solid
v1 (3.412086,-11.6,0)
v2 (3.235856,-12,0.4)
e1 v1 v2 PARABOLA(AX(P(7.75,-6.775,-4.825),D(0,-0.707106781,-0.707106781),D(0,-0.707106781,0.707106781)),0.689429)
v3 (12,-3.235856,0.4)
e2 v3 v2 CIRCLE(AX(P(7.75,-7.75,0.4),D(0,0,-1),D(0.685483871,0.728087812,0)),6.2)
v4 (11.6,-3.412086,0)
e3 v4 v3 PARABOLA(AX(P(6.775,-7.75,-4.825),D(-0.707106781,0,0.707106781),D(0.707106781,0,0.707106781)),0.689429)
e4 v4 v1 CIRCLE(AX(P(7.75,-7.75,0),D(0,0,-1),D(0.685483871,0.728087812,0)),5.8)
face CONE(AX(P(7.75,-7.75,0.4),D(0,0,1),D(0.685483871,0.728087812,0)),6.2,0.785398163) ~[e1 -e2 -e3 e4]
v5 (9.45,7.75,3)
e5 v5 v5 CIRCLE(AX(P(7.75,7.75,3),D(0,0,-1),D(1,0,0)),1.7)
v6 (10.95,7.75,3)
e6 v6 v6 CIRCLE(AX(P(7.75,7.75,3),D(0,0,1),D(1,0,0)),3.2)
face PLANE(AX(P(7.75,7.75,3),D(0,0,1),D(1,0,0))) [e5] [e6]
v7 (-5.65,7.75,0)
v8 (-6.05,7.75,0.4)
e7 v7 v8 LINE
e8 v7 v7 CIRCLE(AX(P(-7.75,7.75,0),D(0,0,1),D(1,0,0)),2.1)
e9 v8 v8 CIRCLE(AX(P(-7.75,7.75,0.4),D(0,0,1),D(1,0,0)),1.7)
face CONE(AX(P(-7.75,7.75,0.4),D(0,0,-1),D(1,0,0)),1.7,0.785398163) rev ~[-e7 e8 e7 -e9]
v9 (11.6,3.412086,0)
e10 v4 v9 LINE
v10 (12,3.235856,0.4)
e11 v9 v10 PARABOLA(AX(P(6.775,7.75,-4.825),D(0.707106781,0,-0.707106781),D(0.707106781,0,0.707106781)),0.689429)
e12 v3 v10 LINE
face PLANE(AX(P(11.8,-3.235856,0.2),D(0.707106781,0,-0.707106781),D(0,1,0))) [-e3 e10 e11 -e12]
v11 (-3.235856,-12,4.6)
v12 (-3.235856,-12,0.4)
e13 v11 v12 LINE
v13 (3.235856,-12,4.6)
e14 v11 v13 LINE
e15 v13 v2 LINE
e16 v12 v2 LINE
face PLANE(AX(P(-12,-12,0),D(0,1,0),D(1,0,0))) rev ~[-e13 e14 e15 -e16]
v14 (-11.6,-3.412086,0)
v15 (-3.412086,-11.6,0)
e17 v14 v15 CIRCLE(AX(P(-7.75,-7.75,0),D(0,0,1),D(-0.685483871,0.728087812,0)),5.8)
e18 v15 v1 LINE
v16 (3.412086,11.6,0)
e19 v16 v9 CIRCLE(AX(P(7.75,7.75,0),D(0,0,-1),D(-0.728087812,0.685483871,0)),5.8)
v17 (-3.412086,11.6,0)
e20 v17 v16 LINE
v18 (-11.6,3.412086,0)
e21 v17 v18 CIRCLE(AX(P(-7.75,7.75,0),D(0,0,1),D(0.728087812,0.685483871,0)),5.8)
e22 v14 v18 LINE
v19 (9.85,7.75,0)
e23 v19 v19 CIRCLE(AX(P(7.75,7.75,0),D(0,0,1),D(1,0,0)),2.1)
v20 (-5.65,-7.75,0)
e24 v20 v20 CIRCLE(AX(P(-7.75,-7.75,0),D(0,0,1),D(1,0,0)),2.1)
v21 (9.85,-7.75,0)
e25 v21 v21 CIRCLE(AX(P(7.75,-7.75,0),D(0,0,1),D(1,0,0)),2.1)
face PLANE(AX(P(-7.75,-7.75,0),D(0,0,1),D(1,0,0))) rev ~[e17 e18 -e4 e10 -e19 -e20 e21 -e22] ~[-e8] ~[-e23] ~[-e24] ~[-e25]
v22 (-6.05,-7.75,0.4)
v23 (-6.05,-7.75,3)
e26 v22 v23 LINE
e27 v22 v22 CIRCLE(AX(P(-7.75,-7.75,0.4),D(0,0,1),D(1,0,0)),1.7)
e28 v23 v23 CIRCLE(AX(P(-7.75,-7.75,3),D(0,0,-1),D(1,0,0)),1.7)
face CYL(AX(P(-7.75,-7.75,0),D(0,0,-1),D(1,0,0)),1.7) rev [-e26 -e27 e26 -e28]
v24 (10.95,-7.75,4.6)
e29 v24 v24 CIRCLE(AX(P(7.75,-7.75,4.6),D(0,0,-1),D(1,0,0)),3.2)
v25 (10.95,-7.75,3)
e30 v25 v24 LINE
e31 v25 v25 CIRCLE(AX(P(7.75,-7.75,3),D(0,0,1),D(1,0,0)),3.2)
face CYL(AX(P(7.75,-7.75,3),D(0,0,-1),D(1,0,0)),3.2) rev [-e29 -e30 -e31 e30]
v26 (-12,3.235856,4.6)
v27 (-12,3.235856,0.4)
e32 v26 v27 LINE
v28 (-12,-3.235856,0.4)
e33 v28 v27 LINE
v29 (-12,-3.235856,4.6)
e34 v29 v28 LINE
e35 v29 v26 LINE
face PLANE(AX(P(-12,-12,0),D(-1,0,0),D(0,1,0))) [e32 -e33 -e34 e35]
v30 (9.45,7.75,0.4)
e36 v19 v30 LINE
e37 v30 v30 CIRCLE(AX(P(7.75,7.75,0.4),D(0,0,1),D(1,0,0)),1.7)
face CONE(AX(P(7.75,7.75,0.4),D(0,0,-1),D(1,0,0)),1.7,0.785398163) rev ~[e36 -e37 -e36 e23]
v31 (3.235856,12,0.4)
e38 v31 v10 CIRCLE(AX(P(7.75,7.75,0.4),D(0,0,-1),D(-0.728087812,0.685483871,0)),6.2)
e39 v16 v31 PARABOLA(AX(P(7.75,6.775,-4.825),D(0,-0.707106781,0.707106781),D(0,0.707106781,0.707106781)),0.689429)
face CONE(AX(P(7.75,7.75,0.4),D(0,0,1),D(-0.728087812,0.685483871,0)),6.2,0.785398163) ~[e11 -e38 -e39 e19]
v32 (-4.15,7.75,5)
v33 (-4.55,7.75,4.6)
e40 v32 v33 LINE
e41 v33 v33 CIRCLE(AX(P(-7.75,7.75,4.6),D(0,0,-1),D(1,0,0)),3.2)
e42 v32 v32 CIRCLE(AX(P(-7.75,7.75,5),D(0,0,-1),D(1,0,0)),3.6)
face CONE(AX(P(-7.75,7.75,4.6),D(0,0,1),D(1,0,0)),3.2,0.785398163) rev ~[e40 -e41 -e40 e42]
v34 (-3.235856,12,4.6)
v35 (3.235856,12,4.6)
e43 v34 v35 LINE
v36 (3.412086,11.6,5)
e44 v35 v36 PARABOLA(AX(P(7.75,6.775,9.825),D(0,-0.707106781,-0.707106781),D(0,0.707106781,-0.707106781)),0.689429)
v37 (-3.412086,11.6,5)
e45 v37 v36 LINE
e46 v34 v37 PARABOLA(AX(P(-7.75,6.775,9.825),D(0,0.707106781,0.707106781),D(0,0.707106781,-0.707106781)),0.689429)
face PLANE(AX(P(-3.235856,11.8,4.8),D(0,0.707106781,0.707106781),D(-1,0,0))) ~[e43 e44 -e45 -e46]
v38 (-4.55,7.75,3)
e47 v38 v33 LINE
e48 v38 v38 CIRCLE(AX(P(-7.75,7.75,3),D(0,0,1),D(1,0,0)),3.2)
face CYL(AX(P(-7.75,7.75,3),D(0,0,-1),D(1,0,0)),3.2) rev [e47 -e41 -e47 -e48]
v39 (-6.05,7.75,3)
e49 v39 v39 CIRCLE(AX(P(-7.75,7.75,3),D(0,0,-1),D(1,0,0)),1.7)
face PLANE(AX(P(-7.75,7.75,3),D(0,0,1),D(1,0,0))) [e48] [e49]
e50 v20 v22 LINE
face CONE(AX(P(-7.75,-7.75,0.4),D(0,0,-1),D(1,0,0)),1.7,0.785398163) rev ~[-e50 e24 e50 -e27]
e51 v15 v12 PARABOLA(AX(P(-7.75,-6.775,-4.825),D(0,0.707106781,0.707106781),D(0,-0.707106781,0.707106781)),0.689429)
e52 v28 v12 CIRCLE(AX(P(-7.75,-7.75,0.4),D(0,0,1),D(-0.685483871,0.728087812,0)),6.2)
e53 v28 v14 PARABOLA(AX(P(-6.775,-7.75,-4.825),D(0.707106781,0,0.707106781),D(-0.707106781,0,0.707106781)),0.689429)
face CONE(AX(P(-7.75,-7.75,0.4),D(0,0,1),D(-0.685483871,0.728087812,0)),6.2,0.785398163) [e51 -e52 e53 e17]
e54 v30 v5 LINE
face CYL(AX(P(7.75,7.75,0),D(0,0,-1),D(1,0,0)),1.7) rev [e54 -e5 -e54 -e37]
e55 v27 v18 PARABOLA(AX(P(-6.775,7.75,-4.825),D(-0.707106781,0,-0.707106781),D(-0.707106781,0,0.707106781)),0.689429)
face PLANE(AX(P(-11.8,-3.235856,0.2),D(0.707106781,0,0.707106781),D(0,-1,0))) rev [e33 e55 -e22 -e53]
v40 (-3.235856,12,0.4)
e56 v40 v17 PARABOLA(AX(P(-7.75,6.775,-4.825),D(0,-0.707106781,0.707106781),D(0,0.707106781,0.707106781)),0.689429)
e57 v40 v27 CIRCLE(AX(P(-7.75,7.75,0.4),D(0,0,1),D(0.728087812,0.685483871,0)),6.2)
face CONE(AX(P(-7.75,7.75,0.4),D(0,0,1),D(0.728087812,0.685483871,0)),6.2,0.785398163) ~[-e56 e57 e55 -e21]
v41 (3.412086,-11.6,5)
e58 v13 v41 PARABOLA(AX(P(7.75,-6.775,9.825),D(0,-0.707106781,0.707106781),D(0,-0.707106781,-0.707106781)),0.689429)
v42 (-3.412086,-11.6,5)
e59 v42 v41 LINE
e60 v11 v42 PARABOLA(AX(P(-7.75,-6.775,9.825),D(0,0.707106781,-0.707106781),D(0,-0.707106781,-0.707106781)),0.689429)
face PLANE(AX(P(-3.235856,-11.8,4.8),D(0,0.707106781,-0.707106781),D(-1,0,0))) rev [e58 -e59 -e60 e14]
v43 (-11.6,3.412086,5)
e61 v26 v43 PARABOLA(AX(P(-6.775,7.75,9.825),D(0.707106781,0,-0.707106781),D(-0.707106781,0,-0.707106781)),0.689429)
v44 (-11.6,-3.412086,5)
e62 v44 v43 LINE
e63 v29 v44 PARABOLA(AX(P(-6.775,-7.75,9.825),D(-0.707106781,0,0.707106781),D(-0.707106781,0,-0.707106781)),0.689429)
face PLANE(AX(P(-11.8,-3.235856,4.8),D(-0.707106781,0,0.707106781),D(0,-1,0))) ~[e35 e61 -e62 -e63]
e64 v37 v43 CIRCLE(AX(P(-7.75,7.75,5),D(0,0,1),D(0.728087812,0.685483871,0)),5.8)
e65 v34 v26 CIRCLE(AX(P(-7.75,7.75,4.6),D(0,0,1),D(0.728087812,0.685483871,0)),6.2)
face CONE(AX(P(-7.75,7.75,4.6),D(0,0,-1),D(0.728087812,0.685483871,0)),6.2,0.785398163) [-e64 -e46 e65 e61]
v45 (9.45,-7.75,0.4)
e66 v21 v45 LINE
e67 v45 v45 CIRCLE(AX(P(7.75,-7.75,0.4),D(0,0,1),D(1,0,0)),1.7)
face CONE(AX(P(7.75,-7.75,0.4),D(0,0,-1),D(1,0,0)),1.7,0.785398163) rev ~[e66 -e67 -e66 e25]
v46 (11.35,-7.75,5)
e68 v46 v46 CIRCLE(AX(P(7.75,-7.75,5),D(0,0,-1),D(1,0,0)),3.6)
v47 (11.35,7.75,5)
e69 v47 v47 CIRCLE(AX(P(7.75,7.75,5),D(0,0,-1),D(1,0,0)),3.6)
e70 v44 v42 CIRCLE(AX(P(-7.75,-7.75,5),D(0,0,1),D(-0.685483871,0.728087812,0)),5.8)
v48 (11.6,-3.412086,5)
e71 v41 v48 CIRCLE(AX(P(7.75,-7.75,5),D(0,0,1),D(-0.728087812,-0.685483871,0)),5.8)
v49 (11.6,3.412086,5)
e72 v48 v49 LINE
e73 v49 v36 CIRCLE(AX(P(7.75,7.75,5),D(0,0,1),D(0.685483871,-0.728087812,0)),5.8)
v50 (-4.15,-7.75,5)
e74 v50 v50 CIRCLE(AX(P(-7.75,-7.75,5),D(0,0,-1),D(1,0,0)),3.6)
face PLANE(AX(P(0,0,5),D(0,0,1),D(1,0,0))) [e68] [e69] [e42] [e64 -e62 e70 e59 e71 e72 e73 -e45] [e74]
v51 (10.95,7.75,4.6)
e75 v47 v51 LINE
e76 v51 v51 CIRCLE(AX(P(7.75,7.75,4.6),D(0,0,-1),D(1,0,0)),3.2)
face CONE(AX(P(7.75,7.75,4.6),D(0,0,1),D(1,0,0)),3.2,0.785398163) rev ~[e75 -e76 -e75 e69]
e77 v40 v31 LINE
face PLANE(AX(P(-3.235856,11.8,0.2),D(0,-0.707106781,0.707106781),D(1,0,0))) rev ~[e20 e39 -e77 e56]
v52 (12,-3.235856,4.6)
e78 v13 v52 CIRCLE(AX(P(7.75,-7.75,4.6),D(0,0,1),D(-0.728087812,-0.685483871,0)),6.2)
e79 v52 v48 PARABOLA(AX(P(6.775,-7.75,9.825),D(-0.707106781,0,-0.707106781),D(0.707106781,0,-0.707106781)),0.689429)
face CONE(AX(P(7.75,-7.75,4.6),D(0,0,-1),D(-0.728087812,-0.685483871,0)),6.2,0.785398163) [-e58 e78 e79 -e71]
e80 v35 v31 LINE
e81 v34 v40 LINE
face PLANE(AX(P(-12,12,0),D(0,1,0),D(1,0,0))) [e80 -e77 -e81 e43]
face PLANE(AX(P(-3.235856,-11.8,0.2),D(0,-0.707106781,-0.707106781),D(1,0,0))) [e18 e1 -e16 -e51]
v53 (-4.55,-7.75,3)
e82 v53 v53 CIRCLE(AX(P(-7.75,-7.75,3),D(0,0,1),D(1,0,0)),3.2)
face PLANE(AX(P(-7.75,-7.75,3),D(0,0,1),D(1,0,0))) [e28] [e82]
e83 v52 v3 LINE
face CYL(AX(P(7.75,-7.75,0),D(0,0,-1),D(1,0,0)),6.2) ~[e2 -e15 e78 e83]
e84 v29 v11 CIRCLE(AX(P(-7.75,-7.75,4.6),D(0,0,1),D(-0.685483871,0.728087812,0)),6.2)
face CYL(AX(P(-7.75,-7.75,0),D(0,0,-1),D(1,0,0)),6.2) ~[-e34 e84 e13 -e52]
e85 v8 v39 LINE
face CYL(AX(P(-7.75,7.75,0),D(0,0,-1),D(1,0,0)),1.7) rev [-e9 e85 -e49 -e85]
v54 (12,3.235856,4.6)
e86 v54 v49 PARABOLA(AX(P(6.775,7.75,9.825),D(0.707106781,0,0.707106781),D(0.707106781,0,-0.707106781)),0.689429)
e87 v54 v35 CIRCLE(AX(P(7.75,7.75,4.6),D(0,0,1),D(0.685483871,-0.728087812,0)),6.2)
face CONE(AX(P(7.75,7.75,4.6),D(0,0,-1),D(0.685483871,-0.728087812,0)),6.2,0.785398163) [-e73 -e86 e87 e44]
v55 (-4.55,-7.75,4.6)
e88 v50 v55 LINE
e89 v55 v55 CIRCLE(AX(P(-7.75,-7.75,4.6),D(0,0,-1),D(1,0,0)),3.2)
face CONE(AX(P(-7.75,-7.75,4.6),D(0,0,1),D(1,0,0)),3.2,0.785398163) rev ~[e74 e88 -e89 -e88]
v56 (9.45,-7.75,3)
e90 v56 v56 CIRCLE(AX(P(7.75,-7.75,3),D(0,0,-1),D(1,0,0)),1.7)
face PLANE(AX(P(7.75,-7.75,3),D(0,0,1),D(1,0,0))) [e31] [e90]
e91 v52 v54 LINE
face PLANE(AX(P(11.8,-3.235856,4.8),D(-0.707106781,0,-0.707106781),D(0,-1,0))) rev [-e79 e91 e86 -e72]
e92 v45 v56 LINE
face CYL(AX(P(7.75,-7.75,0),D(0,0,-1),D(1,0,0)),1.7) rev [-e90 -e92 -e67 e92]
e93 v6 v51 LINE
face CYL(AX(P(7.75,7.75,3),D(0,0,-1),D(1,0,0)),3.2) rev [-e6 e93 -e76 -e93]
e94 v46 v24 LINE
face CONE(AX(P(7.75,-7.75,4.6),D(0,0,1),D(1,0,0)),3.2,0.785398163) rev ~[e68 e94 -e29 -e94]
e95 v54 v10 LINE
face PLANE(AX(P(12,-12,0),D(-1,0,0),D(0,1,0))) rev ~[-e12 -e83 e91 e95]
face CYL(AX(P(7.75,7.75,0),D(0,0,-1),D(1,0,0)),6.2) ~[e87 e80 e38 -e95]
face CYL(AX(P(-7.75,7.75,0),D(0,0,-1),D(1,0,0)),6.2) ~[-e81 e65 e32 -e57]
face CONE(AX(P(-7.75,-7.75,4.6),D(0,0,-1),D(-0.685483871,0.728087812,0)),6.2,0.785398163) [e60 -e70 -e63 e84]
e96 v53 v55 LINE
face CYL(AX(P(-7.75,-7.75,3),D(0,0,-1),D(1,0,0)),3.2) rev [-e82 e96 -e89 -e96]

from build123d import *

# Parameters (mm, degrees)
CYLINDER001_R     = 1.7
CYLINDER001_DEPTH = 10
CYLINDER002_R     = 1.7
CYLINDER002_DEPTH = 10
CYLINDER003_R     = 1.7
CYLINDER003_DEPTH = 10
CYLINDER_R        = 1.7
CYLINDER_DEPTH    = 10
CYLINDER010_R     = 3.2
CYLINDER010_DEPTH = 10
CYLINDER009_R     = 3.2
CYLINDER009_DEPTH = 10
CYLINDER008_R     = 3.2
CYLINDER008_DEPTH = 10
CYLINDER011_R     = 3.2
CYLINDER011_DEPTH = 10
CYLINDER005_R     = 6.2
CYLINDER005_DEPTH = 5
CYLINDER006_R     = 6.2
CYLINDER006_DEPTH = 5
CYLINDER007_R     = 6.2
CYLINDER007_DEPTH = 5
BOX_W             = 24
BOX_H             = 24
BOX_DEPTH         = 5
CYLINDER004_R     = 6.2
CYLINDER004_DEPTH = 5
CHAMFER_SIZE      = 0.4
CHAMFER001_SIZE   = 0.4


with BuildPart() as cylinder001:
    # Cylinder001 → Cylinder001 (new body)
    with BuildSketch(Plane(origin=(-7.75, 7.75, 0), x_dir=(1, 0, 0), z_dir=(0, 0, 1))):
        Circle(CYLINDER001_R)
    extrude(amount=CYLINDER001_DEPTH)


with BuildPart() as cylinder002:
    # Cylinder002 → Cylinder002 (new body)
    with BuildSketch(Plane(origin=(7.75, -7.75, 0), x_dir=(1, 0, 0), z_dir=(0, 0, 1))):
        Circle(CYLINDER002_R)
    extrude(amount=CYLINDER002_DEPTH)


with BuildPart() as cylinder003:
    # Cylinder003 → Cylinder003 (new body)
    with BuildSketch(Plane(origin=(-7.75, -7.75, 0), x_dir=(1, 0, 0), z_dir=(0, 0, 1))):
        Circle(CYLINDER003_R)
    extrude(amount=CYLINDER003_DEPTH)


with BuildPart() as fusion002:
    # Cylinder → Cylinder (new body)
    with BuildSketch(Plane(origin=(7.75, 7.75, 0), x_dir=(1, 0, 0), z_dir=(0, 0, 1))):
        Circle(CYLINDER_R)
    extrude(amount=CYLINDER_DEPTH)

    # Fusion002: union Cylinder001, Cylinder002, Cylinder003
    add(cylinder001.part)
    add(cylinder002.part)
    add(cylinder003.part)


with BuildPart() as cylinder010:
    # Cylinder010 → Cylinder010 (new body)
    with BuildSketch(Plane(origin=(-7.75, 7.75, 0), x_dir=(1, 0, 0), z_dir=(0, 0, 1))):
        Circle(CYLINDER010_R)
    extrude(amount=CYLINDER010_DEPTH)


with BuildPart() as cylinder009:
    # Cylinder009 → Cylinder009 (new body)
    with BuildSketch(Plane(origin=(7.75, 7.75, 0), x_dir=(1, 0, 0), z_dir=(0, 0, 1))):
        Circle(CYLINDER009_R)
    extrude(amount=CYLINDER009_DEPTH)


with BuildPart() as cylinder008:
    # Cylinder008 → Cylinder008 (new body)
    with BuildSketch(Plane(origin=(-7.75, -7.75, 0), x_dir=(1, 0, 0), z_dir=(0, 0, 1))):
        Circle(CYLINDER008_R)
    extrude(amount=CYLINDER008_DEPTH)


with BuildPart() as fusion:
    # Cylinder011 → Cylinder011 (new body)
    with BuildSketch(Plane(origin=(7.75, -7.75, 0), x_dir=(1, 0, 0), z_dir=(0, 0, 1))):
        Circle(CYLINDER011_R)
    extrude(amount=CYLINDER011_DEPTH)

    # Fusion: union Cylinder010, Cylinder009, Cylinder008
    add(cylinder010.part)
    add(cylinder009.part)
    add(cylinder008.part)


with BuildPart() as fusion_1:
    # Fusion placement: moved
    add(fusion.part.moved(Location((0, 0, 3))))


with BuildPart() as cylinder005:
    # Cylinder005 → Cylinder005 (new body)
    with BuildSketch(Plane(origin=(7.75, -7.75, 0), x_dir=(1, 0, 0), z_dir=(0, 0, 1))):
        Circle(CYLINDER005_R)
    extrude(amount=CYLINDER005_DEPTH)


with BuildPart() as cylinder006:
    # Cylinder006 → Cylinder006 (new body)
    with BuildSketch(Plane(origin=(-7.75, 7.75, 0), x_dir=(1, 0, 0), z_dir=(0, 0, 1))):
        Circle(CYLINDER006_R)
    extrude(amount=CYLINDER006_DEPTH)


with BuildPart() as cylinder007:
    # Cylinder007 → Cylinder007 (new body)
    with BuildSketch(Plane(origin=(7.75, 7.75, 0), x_dir=(1, 0, 0), z_dir=(0, 0, 1))):
        Circle(CYLINDER007_R)
    extrude(amount=CYLINDER007_DEPTH)


with BuildPart() as cube:
    # Box → Box (new body)
    with BuildSketch(Plane(origin=(-12, -12, 0), x_dir=(1, 0, 0), z_dir=(0, 0, 1))):
        with Locations((12, 12)):
            Rectangle(BOX_W, BOX_H)
    extrude(amount=BOX_DEPTH)


with BuildPart() as chamfer001001:
    # Cylinder004 → Cylinder004 (new body)
    with BuildSketch(Plane(origin=(-7.75, -7.75, 0), x_dir=(1, 0, 0), z_dir=(0, 0, 1))):
        Circle(CYLINDER004_R)
    extrude(amount=CYLINDER004_DEPTH)

    # Fusion001: union Cylinder005, Cylinder006, Cylinder007, Cube
    add(cylinder005.part)
    add(cylinder006.part)
    add(cylinder007.part)
    add(cube.part)

    # Cut: cut Fusion
    add(fusion_1.part, mode=Mode.SUBTRACT)

    # Cut001: cut Fusion002
    add(fusion002.part, mode=Mode.SUBTRACT)

    # Chamfer
    chamfer_edges = [chamfer001001.edges().sort_by_distance(p)[0] for p in [
        (0, -12, 5),
        (-12.134062, -12.134062, 5),
        (-12, 0, 5),
        (-12.134062, 12.134062, 5),
        (0, 12, 5),
        (12, 0, 5),
        (-10.95, -7.75, 5),
        (4.55, -7.75, 5),
        (-10.95, 7.75, 5),
        (4.55, 7.75, 5),
        (10.036078, -13.513146, 5),
        (13.441661, -5.291342, 5),
        (13.441661, 5.291342, 5),
        (10.036078, 13.513146, 5),
    ]]
    chamfer(chamfer_edges, length=CHAMFER_SIZE)

    # Chamfer001
    chamfer001_edges = [chamfer001001.edges().sort_by_distance(p)[0] for p in [
        (0, -12, 0),
        (10.036078, -13.513146, 0),
        (13.441661, -5.291342, 0),
        (-12, 0, 0),
        (-12.134062, 12.134062, 0),
        (0, 12, 0),
        (10.036078, 13.513146, 0),
        (13.441661, 5.291342, 0),
        (12, 0, 0),
        (-12.134062, -12.134062, 0),
        (-9.45, -7.75, 0),
        (6.05, -7.75, 0),
        (-9.45, 7.75, 0),
        (6.05, 7.75, 0),
    ]]
    chamfer(chamfer001_edges, length=CHAMFER001_SIZE)


solid = chamfer001001.part
